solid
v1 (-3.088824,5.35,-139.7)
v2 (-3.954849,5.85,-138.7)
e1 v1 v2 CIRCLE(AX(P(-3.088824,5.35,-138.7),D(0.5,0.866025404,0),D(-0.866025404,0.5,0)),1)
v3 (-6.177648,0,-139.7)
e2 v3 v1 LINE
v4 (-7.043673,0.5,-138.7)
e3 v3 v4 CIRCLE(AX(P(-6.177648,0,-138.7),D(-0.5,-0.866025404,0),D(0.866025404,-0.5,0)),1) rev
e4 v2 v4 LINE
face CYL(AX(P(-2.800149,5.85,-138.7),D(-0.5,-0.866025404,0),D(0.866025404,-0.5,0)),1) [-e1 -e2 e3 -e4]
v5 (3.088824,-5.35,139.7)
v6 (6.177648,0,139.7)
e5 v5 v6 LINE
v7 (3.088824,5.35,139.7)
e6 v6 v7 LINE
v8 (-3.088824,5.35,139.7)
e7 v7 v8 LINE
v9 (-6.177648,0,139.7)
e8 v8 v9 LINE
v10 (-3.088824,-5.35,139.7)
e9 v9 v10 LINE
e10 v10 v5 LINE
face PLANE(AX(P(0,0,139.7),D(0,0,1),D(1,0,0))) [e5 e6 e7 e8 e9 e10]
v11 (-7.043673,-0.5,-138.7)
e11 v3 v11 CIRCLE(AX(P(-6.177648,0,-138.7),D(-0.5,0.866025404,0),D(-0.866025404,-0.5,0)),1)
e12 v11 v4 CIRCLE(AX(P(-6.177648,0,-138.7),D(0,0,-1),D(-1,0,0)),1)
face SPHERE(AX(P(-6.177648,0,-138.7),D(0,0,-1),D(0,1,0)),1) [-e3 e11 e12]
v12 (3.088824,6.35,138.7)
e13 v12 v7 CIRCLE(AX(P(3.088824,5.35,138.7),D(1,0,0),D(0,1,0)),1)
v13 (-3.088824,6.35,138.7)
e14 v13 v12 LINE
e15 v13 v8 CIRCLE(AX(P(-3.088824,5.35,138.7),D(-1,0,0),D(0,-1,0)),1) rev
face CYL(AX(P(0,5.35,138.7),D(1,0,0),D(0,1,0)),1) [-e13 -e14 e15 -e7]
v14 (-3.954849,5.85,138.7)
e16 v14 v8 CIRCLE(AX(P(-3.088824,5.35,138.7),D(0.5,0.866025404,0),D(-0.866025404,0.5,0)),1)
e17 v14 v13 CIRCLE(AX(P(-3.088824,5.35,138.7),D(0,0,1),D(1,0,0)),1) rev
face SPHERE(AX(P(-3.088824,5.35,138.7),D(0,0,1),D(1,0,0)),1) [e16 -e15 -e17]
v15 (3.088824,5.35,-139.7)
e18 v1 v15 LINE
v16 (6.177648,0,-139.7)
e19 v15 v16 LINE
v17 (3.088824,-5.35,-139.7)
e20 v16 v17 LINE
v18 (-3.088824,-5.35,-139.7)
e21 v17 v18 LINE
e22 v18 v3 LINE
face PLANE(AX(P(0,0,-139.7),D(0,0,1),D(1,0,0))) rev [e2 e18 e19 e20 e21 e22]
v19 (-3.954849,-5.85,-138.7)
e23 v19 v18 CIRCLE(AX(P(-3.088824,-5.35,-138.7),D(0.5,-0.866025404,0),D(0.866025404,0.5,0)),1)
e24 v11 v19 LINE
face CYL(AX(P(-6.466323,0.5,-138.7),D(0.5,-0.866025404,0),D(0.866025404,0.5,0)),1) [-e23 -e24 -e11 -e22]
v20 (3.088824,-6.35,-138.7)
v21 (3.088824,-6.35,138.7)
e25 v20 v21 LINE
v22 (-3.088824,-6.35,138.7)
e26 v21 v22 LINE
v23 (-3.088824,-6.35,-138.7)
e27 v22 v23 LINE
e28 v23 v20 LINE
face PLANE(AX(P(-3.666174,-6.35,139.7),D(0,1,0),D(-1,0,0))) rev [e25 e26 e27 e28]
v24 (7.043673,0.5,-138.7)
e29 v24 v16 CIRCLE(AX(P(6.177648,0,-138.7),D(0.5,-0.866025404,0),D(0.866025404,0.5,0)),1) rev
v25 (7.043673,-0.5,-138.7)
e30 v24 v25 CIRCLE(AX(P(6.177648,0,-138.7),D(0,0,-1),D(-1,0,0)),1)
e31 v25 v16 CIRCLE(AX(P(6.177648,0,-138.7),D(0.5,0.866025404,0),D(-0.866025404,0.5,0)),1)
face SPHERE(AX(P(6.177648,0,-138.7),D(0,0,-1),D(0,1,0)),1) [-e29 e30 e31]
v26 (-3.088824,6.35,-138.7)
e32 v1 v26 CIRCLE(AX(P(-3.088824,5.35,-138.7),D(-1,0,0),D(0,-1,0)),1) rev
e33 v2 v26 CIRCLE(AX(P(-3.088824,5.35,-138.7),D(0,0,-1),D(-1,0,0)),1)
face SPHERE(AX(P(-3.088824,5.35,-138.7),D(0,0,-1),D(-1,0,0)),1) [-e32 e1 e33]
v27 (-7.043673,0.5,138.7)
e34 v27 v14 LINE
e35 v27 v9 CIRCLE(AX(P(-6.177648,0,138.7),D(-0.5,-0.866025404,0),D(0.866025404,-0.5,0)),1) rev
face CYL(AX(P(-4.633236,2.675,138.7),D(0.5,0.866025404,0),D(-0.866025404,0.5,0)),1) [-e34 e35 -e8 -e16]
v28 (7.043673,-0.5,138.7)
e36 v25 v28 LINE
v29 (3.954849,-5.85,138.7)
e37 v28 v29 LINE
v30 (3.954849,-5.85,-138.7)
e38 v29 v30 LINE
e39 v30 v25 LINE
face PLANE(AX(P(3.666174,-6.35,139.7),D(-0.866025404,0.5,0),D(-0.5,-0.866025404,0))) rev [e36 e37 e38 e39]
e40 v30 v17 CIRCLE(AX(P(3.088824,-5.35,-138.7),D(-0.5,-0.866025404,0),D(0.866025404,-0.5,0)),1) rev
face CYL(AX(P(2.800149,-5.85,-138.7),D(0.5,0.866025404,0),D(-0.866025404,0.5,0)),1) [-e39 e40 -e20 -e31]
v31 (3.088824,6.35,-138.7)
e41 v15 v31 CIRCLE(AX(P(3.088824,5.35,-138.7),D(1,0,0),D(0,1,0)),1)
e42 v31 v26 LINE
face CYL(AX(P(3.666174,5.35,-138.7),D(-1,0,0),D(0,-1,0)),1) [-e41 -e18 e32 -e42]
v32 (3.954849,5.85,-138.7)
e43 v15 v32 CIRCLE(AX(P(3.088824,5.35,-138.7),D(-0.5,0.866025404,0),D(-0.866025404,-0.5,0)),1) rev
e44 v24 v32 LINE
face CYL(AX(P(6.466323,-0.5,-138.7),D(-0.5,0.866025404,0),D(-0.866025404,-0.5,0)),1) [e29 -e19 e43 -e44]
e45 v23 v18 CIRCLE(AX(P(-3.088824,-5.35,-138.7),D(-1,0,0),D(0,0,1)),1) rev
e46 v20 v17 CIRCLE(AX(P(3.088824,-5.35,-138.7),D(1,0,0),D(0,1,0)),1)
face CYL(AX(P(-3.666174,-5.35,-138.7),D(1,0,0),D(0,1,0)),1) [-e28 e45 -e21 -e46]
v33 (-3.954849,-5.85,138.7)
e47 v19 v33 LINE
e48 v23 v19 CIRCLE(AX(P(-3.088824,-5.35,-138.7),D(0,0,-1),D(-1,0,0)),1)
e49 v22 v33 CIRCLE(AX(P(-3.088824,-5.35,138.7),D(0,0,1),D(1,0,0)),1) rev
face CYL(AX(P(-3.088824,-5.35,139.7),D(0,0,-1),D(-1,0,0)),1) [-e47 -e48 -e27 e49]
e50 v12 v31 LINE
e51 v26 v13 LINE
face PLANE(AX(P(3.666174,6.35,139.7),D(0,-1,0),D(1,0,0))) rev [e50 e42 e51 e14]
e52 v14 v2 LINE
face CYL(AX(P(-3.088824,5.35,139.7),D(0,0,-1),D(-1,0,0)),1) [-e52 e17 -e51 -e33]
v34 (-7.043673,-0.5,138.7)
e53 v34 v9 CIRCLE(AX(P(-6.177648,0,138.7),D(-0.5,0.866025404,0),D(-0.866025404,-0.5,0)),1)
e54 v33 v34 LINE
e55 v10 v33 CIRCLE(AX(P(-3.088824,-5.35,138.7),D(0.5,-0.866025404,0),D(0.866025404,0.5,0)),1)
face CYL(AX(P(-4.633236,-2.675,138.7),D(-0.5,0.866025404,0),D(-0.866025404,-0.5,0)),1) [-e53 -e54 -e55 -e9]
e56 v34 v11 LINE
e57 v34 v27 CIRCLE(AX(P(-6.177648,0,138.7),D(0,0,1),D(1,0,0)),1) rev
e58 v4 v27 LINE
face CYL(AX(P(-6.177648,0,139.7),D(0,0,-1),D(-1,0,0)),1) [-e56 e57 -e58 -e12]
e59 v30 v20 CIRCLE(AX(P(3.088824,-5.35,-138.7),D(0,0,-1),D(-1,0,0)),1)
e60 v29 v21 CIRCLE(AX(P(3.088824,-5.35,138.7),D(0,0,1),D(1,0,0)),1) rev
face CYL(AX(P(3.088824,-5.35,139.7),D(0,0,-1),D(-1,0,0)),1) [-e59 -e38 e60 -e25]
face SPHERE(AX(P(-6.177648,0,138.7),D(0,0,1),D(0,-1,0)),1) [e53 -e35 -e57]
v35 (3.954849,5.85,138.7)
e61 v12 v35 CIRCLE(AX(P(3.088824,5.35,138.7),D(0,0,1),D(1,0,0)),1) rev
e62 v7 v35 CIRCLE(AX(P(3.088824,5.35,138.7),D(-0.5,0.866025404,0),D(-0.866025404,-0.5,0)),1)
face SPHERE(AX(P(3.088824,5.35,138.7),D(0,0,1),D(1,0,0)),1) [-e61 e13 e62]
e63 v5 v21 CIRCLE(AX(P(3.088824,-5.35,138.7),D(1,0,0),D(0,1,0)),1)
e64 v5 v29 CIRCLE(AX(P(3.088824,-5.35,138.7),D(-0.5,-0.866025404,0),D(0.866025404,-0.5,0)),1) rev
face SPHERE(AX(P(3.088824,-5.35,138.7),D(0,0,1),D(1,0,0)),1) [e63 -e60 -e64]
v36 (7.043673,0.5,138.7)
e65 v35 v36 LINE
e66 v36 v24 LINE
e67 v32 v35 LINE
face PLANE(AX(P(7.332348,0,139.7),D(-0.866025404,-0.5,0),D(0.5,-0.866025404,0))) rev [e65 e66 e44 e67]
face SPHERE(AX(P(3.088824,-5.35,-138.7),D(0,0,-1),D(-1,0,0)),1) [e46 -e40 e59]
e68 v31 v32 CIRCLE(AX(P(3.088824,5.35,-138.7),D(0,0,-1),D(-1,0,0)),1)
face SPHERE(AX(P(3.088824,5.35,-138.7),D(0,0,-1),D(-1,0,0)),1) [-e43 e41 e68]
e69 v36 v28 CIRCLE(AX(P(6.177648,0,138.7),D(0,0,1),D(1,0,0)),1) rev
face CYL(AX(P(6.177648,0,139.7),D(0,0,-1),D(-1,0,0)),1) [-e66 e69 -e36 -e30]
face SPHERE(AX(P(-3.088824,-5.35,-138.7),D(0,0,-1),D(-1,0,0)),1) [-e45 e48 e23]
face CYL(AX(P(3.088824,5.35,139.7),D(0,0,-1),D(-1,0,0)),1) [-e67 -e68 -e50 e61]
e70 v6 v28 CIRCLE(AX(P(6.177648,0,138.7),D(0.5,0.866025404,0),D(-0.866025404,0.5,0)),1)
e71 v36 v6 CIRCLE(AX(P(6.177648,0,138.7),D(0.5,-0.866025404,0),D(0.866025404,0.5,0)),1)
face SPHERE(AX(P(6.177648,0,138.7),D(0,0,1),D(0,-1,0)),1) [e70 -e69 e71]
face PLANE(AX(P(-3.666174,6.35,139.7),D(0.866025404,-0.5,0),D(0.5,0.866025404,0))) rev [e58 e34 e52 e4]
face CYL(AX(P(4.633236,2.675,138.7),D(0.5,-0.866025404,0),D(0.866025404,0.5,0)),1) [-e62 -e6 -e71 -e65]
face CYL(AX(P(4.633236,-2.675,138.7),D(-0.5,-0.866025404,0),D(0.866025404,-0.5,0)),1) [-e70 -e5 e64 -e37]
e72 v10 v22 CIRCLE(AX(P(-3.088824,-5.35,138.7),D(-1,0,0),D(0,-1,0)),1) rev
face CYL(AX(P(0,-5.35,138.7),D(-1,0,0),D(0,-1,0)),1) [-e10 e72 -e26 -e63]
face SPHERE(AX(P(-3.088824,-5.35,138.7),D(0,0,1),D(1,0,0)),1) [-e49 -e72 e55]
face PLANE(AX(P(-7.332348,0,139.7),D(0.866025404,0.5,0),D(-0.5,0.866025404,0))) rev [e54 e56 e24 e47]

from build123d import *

# Parameters (mm, degrees)
BOSS_EXTRUDE1_DEPTH = 139.7
FILLET1_R           = 1


with BuildPart() as part:
    # Sketch1 → Boss-Extrude1 (new, symmetric)
    with BuildSketch(Plane.XY):
        Polygon((7.332348419, 0), (3.666174209, 6.35), (-3.666174209, 6.35), (-7.332348419, 0), (-3.666174209, -6.35), (3.666174209, -6.35), align=None)
    extrude(amount=BOSS_EXTRUDE1_DEPTH, both=True)

    # Fillet1
    fillet1_edges = [part.edges().sort_by_distance(p)[0] for p in [
        (3.666174209, -6.35, 0),
        (-3.666174209, -6.35, 0),
        (-7.332348419, 0, 0),
        (-3.666174209, 6.35, 0),
        (3.666174209, 6.35, 0),
        (7.332348419, 0, 0),
        (0, 6.35, 139.7),
        (-5.499261314, 3.175, 139.7),
        (-5.499261314, -3.175, 139.7),
        (0, -6.35, 139.7),
        (5.499261314, -3.175, 139.7),
        (0, -6.35, -139.7),
        (-5.499261314, -3.175, -139.7),
        (-5.499261314, 3.175, -139.7),
        (0, 6.35, -139.7),
        (5.499261314, 3.175, -139.7),
        (5.499261314, -3.175, -139.7),
        (5.499261314, 3.175, 139.7),
    ]]
    fillet(fillet1_edges, radius=FILLET1_R)


solid = part.part
